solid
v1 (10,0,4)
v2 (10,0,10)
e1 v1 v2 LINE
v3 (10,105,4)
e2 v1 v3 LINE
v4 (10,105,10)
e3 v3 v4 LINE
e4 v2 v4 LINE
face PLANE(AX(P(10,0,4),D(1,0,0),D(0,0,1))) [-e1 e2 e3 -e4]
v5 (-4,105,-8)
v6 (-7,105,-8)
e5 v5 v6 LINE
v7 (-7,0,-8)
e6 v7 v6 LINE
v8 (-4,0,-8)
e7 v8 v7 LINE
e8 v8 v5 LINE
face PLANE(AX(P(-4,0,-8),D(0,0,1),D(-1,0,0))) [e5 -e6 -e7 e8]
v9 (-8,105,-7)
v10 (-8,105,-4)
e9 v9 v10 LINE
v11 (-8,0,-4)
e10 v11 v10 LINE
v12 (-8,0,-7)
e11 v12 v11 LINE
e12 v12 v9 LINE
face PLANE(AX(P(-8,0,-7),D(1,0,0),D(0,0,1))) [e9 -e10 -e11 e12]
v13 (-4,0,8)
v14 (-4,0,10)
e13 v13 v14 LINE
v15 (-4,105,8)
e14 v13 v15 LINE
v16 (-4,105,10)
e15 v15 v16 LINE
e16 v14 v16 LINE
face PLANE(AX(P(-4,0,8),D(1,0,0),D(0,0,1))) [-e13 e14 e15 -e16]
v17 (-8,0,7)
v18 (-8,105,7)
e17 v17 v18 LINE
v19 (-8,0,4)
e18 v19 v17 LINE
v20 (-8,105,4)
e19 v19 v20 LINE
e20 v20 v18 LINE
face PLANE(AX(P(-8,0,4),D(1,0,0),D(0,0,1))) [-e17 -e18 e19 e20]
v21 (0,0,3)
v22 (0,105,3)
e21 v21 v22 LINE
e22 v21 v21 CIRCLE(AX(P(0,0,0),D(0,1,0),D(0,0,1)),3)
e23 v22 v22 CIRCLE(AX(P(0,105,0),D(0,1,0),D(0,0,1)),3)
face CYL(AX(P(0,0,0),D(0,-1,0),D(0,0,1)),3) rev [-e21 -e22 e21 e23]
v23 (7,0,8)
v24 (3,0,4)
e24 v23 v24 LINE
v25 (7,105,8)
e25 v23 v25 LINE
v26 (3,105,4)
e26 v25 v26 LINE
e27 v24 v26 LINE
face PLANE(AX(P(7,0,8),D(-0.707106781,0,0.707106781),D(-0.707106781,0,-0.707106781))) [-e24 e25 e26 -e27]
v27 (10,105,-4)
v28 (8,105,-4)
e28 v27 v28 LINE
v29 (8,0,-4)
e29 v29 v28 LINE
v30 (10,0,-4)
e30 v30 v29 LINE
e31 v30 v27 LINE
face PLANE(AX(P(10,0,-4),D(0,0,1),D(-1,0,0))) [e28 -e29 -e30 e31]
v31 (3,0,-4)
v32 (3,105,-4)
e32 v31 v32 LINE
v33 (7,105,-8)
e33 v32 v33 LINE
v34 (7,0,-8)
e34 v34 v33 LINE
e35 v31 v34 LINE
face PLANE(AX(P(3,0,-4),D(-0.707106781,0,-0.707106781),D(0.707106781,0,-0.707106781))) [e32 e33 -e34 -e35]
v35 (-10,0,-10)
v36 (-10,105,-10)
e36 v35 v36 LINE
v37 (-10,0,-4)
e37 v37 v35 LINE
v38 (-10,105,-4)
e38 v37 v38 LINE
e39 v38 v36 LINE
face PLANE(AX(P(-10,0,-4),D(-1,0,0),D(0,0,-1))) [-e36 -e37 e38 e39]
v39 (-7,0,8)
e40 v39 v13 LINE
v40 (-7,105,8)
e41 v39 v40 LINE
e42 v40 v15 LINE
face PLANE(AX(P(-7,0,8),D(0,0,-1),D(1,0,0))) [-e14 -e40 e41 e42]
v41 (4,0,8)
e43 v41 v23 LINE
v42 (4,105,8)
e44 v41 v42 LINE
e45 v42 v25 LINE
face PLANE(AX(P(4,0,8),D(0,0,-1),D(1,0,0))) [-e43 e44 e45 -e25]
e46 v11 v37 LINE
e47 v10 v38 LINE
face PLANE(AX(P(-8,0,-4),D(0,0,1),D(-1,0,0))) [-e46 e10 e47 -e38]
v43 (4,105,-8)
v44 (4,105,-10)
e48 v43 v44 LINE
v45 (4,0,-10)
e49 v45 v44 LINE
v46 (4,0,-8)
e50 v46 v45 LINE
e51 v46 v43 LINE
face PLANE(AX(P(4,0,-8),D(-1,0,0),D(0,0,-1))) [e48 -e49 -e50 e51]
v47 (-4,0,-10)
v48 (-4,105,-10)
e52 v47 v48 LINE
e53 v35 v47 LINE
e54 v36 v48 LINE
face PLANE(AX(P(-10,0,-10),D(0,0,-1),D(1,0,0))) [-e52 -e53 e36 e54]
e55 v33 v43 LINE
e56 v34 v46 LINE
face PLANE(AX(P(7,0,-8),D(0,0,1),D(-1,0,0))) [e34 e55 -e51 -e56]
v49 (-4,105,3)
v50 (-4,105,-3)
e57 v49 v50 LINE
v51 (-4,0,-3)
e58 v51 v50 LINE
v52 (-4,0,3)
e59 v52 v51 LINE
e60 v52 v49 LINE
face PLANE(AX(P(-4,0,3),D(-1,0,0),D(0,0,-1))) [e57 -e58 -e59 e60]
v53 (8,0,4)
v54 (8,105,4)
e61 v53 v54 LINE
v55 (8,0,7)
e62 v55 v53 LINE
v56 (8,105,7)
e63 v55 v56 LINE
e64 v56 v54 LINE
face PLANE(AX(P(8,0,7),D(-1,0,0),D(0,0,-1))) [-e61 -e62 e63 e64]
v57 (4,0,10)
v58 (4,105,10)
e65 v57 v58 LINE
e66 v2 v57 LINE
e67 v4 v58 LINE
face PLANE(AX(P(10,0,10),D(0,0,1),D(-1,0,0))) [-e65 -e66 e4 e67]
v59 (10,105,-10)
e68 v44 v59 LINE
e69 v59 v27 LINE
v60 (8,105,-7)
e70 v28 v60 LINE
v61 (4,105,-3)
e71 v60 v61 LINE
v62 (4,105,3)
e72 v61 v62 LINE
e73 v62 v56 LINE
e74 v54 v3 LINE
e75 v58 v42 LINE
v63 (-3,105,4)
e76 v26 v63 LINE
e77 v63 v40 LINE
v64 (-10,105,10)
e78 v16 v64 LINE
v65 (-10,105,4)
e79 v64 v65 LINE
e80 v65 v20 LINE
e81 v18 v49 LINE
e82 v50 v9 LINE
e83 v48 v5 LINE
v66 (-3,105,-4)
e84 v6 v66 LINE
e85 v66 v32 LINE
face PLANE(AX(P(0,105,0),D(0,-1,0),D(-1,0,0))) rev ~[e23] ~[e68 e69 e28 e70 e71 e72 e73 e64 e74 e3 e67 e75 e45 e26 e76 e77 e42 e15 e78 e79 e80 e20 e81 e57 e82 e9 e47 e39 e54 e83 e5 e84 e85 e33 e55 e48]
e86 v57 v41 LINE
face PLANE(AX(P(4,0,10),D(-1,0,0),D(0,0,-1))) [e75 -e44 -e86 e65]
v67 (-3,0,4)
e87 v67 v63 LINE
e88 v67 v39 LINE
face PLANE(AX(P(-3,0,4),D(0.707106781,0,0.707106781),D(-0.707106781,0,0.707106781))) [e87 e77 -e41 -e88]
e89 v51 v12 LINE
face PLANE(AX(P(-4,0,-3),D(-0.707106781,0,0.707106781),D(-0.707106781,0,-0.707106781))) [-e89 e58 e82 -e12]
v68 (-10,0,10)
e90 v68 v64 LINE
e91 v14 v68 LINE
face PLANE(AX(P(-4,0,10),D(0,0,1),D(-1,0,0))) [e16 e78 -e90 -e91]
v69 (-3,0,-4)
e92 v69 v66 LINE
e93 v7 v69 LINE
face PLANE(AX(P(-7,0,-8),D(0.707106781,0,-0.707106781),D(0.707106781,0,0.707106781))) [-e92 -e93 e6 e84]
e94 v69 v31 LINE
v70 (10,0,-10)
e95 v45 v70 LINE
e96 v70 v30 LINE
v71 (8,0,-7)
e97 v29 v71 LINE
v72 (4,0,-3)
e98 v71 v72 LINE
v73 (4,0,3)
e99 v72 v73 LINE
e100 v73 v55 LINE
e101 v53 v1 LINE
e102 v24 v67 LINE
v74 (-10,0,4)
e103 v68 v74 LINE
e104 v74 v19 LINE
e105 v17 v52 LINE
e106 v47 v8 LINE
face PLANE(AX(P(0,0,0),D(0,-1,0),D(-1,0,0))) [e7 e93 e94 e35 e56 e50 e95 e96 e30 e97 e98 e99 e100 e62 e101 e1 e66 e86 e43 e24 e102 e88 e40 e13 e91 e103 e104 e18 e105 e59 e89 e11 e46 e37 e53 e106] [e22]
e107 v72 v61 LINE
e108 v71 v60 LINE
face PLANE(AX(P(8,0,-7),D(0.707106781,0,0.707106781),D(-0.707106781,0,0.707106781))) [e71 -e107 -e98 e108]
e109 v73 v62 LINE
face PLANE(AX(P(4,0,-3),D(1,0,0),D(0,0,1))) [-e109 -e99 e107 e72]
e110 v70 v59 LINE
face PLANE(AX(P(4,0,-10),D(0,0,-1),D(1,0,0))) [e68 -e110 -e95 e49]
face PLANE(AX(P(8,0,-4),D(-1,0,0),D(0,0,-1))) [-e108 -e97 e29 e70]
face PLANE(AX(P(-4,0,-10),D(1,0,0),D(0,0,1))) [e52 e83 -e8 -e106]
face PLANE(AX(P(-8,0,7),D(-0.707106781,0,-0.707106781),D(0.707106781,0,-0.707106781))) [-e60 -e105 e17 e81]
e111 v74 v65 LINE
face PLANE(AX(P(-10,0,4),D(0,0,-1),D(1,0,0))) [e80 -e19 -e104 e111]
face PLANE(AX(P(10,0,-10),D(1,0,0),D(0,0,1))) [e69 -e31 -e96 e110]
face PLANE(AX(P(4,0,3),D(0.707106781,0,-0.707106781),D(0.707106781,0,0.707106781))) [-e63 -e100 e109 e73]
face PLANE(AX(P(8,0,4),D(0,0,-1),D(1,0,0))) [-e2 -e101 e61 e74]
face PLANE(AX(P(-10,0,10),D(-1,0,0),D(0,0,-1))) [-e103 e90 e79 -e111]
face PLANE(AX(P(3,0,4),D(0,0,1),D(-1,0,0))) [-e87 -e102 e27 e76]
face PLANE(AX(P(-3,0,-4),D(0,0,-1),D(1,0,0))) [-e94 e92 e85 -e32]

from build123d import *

# Parameters (mm, degrees)
F_2020_SKETCH_R     = 3
BOSS_EXTRUDE1_DEPTH = 105


with BuildPart() as part:
    # 2020 sketch → Boss-Extrude1 (new body)
    with BuildSketch(Plane(origin=(0, 0, 0), x_dir=(1, 0, 0), z_dir=(0, 1, 0))):
        Polygon((-4, 10), (-4, 8), (-7, 8), (-3, 4), (3, 4), (7, 8), (4, 8), (4, 10), (10, 10), (10, 4), (8, 4), (8, 7), (4, 3), (4, -3), (8, -7), (8, -4), (10, -4), (10, -10), (4, -10), (4, -8), (7, -8), (3, -4), (-3, -4), (-7, -8), (-4, -8), (-4, -10), (-10, -10), (-10, -4), (-8, -4), (-8, -7), (-4, -3), (-4, 3), (-8, 7), (-8, 4), (-10, 4), (-10, 10), align=None)
        with Locations(Location((0, 0, 0), (0, 0, 270))):
            Circle(F_2020_SKETCH_R, mode=Mode.SUBTRACT)
    extrude(amount=BOSS_EXTRUDE1_DEPTH)


solid = part.part
